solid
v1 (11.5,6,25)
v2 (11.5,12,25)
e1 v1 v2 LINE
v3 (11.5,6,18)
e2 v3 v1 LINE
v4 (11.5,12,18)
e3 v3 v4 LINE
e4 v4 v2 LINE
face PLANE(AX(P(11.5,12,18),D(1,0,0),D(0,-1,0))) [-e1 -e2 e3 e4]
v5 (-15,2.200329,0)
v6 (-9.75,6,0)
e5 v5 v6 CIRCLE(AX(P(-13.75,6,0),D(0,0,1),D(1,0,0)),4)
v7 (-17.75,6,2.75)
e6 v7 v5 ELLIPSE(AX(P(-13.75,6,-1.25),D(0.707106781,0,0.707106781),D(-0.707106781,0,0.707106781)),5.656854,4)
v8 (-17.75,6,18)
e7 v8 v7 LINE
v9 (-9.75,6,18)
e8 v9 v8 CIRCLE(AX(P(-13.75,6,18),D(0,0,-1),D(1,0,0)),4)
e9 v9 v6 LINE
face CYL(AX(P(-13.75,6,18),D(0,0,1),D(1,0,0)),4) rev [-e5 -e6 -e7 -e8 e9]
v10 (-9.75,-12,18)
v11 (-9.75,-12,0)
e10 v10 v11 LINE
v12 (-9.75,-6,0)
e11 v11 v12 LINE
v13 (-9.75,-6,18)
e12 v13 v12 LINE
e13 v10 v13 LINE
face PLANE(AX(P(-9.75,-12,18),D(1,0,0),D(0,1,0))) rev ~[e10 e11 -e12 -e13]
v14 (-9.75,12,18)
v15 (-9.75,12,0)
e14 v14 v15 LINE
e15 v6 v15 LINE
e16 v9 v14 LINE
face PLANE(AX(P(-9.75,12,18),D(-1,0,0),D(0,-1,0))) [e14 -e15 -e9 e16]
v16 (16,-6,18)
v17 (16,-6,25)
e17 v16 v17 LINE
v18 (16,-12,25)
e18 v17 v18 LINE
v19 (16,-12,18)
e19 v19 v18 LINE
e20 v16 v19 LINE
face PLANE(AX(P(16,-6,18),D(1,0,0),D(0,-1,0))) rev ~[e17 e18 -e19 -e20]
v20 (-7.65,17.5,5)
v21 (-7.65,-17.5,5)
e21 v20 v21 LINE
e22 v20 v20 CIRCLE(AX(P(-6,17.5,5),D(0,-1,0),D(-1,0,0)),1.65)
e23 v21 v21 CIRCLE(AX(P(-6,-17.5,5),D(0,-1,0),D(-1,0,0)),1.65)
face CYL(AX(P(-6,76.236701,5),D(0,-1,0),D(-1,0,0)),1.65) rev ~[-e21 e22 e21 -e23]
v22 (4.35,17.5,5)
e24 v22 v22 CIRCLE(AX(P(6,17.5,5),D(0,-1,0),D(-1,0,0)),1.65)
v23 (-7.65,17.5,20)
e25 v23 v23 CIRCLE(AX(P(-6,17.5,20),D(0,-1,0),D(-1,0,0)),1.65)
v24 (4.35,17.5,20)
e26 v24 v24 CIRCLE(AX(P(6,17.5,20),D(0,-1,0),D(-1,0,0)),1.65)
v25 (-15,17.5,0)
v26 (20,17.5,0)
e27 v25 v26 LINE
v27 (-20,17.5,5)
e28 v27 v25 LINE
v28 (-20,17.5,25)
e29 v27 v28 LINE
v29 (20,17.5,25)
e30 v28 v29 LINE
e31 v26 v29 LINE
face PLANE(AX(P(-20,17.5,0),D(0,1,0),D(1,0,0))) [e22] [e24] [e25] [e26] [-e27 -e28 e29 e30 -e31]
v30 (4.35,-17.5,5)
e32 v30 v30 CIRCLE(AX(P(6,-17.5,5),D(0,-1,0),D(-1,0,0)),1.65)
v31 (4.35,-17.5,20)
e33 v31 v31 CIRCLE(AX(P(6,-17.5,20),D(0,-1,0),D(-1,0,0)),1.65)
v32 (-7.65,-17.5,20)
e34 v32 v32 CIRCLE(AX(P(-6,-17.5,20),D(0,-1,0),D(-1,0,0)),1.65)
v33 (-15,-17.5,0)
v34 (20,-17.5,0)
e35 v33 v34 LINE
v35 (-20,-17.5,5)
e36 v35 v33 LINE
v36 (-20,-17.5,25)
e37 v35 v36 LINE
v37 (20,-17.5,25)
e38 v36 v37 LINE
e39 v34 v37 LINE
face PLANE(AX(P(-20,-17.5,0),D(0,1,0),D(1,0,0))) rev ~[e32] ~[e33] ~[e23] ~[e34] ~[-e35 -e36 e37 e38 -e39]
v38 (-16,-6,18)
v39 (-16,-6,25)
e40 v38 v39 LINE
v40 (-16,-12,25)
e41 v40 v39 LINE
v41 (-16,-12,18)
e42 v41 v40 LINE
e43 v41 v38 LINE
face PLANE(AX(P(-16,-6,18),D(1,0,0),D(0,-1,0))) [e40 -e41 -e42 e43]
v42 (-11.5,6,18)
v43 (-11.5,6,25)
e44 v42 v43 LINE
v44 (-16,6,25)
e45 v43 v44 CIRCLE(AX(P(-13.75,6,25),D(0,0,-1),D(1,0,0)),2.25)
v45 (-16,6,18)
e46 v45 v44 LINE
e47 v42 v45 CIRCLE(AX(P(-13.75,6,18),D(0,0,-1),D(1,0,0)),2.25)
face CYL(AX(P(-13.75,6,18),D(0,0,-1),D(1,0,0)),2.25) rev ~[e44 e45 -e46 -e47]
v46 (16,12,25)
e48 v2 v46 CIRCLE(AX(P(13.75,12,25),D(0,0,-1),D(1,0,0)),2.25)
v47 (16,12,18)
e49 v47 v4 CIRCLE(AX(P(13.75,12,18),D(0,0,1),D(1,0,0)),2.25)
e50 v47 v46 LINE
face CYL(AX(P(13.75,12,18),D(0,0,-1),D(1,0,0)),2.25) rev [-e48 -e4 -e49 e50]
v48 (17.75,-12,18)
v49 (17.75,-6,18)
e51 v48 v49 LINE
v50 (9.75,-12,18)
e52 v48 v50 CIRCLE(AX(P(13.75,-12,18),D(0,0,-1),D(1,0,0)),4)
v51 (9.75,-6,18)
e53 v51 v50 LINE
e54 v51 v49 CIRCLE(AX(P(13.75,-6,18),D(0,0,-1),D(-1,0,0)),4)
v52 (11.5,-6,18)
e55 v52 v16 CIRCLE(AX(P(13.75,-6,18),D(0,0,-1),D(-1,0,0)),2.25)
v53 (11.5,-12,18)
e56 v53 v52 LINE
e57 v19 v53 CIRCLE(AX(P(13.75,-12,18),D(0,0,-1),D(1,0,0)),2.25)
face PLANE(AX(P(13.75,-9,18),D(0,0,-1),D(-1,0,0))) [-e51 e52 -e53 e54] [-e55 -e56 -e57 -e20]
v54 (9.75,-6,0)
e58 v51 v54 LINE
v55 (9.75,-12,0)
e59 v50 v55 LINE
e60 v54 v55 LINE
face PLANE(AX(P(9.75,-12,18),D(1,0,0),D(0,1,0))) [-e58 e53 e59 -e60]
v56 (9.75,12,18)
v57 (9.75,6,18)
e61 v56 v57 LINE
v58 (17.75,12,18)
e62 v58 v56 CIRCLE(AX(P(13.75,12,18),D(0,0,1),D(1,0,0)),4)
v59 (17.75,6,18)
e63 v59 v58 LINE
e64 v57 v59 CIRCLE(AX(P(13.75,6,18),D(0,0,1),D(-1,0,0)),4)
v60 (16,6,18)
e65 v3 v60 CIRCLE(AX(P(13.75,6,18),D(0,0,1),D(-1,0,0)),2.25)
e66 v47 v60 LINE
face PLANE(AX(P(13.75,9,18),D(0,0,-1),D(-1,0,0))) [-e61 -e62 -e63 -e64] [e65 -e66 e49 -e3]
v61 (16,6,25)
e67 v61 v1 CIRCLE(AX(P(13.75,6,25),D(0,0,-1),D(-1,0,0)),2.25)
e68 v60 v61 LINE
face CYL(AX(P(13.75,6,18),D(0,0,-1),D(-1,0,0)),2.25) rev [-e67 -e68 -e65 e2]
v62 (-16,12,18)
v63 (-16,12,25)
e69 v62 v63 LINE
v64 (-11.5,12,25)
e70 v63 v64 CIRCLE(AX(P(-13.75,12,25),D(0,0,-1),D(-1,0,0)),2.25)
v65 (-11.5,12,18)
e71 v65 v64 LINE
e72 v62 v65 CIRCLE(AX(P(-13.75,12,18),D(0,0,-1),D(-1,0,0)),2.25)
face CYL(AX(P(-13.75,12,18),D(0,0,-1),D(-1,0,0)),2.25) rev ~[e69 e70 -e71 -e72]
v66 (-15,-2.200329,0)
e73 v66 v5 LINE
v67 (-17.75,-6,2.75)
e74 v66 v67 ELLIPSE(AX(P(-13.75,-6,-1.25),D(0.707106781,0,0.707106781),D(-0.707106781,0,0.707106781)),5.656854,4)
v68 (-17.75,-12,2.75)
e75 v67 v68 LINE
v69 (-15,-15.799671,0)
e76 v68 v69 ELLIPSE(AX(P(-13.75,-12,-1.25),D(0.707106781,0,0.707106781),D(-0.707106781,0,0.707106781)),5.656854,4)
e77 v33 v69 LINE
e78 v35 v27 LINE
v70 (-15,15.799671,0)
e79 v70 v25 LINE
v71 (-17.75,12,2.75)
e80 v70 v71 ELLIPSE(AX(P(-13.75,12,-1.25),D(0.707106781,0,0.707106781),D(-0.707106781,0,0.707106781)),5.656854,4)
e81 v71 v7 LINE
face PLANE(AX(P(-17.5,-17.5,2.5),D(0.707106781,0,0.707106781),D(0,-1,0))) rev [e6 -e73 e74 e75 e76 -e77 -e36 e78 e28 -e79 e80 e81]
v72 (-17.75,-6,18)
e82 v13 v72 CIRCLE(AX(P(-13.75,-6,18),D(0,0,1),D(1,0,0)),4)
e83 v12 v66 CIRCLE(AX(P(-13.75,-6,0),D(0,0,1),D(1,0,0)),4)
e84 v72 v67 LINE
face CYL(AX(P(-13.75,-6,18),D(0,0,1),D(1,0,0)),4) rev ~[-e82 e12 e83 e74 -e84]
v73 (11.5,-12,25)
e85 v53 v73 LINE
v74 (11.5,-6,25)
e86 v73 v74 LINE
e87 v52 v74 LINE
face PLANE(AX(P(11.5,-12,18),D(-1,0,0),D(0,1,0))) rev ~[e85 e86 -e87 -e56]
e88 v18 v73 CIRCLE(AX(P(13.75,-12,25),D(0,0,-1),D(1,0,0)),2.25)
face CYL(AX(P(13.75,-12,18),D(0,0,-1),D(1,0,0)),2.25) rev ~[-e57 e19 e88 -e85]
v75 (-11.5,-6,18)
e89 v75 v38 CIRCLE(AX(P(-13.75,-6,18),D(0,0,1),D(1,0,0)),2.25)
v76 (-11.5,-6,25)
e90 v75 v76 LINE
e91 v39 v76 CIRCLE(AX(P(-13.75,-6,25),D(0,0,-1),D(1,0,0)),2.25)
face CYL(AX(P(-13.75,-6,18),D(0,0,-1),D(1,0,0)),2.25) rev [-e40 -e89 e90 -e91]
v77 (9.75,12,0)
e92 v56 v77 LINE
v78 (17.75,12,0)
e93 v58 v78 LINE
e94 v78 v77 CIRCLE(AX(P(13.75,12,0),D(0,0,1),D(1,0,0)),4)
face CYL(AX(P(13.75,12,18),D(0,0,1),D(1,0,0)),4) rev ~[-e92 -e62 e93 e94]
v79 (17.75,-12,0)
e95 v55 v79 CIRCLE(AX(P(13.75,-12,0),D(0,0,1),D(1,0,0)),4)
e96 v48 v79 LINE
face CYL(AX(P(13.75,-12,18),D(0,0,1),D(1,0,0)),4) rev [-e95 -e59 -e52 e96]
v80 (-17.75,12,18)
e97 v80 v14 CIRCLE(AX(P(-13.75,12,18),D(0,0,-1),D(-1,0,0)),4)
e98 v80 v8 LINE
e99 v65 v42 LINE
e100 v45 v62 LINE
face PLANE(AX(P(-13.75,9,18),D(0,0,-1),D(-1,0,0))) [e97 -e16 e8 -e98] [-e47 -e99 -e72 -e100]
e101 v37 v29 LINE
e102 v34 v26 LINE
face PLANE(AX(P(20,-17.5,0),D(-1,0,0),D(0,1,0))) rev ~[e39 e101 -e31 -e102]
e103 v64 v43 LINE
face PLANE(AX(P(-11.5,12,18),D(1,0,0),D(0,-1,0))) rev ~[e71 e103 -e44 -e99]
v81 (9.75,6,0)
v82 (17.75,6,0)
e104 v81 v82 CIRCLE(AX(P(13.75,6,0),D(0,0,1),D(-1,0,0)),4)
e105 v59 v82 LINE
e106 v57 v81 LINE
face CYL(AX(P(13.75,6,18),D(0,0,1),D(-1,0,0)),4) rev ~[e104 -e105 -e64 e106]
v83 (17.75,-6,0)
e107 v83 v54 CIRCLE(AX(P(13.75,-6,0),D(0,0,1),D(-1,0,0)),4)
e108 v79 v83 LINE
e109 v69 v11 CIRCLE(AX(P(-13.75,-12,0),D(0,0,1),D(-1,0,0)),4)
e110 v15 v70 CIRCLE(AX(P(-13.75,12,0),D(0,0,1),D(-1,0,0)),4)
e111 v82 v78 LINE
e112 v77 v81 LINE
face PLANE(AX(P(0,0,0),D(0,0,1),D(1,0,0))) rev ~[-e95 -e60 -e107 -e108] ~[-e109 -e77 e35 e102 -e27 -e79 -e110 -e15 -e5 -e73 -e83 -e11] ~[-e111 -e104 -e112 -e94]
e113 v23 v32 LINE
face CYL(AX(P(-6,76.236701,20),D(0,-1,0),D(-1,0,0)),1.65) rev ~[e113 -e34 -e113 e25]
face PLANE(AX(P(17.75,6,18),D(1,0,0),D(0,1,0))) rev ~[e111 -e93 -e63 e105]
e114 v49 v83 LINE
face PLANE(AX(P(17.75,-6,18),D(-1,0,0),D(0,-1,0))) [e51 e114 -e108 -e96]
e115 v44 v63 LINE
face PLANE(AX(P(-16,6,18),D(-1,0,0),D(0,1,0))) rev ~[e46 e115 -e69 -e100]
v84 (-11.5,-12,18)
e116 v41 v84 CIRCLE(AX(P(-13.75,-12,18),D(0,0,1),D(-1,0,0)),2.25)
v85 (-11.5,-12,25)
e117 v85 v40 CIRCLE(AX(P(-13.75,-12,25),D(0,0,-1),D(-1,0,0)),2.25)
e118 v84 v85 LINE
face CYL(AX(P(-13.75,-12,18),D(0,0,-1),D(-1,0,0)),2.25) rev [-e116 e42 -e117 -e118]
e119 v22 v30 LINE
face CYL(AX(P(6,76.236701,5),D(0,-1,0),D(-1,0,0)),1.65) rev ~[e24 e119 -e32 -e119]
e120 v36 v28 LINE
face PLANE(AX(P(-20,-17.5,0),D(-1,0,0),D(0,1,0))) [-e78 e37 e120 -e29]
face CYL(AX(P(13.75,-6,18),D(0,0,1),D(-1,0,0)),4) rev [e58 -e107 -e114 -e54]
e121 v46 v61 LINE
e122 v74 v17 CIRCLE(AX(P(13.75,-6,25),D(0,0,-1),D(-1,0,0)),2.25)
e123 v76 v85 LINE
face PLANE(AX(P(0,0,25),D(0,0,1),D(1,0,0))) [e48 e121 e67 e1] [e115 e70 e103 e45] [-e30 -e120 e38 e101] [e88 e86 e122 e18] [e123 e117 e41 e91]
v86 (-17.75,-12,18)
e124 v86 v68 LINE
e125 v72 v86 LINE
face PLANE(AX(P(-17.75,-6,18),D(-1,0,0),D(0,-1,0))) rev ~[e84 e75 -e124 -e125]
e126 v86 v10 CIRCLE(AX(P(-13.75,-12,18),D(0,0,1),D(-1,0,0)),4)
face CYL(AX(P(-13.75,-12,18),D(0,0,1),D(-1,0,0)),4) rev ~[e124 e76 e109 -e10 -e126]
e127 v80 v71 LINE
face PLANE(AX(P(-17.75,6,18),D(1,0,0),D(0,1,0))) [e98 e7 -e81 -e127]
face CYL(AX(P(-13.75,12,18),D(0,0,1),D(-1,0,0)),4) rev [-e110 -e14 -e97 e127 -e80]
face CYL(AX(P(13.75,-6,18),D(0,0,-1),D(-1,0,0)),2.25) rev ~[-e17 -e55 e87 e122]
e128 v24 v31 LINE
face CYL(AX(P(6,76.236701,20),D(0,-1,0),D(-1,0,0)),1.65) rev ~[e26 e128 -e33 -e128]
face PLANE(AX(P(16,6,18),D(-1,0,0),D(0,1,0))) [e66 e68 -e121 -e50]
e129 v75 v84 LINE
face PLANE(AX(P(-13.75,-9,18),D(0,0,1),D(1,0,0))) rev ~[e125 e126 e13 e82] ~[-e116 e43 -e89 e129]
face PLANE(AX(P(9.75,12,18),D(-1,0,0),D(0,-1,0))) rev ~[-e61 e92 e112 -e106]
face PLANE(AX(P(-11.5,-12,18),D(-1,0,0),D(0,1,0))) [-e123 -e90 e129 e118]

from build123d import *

# Parameters (mm, degrees)
SKETCH1_W                                            = 40
SKETCH1_H                                            = 35
BOSS_EXTRUDE1_DEPTH                                  = 25
CHAMFER1_SIZE                                        = 5
CBORE_FOR_M4_HEXAGON_SOCKET_HEAD_CAP_SCR_D           = 4.5
CBORE_FOR_M4_HEXAGON_SOCKET_HEAD_CAP_SCR_CBORE_D     = 8
CBORE_FOR_M4_HEXAGON_SOCKET_HEAD_CAP_SCR_CBORE_DEPTH = 18
CUT_EXTRUDE1_DEPTH                                   = 33.097507691
CUT_EXTRUDE2_DEPTH                                   = 33.097507691
M4_TAPPED_HOLE1_D                                    = 3.3


with BuildPart() as part:
    # Sketch1 → Boss-Extrude1 (new body)
    with BuildSketch(Plane.XY):
        Rectangle(SKETCH1_W, SKETCH1_H)
    extrude(amount=BOSS_EXTRUDE1_DEPTH)

    # Chamfer1
    chamfer1_edges = [part.edges().sort_by_distance(p)[0] for p in [
        (-20, 0, 0),
    ]]
    chamfer(chamfer1_edges, length=CHAMFER1_SIZE)

    # CBORE for M4 Hexagon socket head cap screws1 (through all)
    with Locations(Plane(origin=(0, 0, 0), x_dir=(-1, 0, 0), z_dir=(0, 0, -1))):
        with Locations((-13.75, 9), (-13.75, -9), (13.75, -9), (13.75, 9)):
            CounterBoreHole(CBORE_FOR_M4_HEXAGON_SOCKET_HEAD_CAP_SCR_D / 2, CBORE_FOR_M4_HEXAGON_SOCKET_HEAD_CAP_SCR_CBORE_D / 2, CBORE_FOR_M4_HEXAGON_SOCKET_HEAD_CAP_SCR_CBORE_DEPTH)

    # Sketch5 → Cut-Extrude1 (cut, through all)
    with BuildSketch(Plane(origin=(0, 0, 18), x_dir=(-1, 0, 0), z_dir=(0, 0, -1))):
        with BuildLine():
            Line((-9.75, 12), (-9.75, 6))
            ThreePointArc((-9.75, 6), (-13.75, 2), (-17.75, 6))
            Line((-17.75, 6), (-17.75, 12))
            ThreePointArc((-17.75, 12), (-13.75, 16), (-9.75, 12))
        make_face()
        with BuildLine():
            Line((-9.75, -12), (-9.75, -6))
            ThreePointArc((-9.75, -6), (-13.75, -2), (-17.75, -6))
            Line((-17.75, -6), (-17.75, -12))
            ThreePointArc((-17.75, -12), (-13.75, -16), (-9.75, -12))
        make_face()
        with BuildLine():
            Line((9.75, 12), (9.75, 6))
            ThreePointArc((9.75, 6), (13.75, 2), (17.75, 6))
            Line((17.75, 6), (17.75, 12))
            ThreePointArc((17.75, 12), (13.75, 16), (9.75, 12))
        make_face()
        with BuildLine():
            Line((9.75, -12), (9.75, -6))
            ThreePointArc((9.75, -6), (13.75, -2), (17.75, -6))
            Line((17.75, -6), (17.75, -12))
            ThreePointArc((17.75, -12), (13.75, -16), (9.75, -12))
        make_face()
    extrude(amount=CUT_EXTRUDE1_DEPTH, mode=Mode.SUBTRACT)

    # Sketch6 → Cut-Extrude2 (cut, through all)
    with BuildSketch(Plane(origin=(0, 0, 18), x_dir=(-1, 0, 0), z_dir=(0, 0, -1))):
        with BuildLine():
            Line((-11.5, 12), (-11.5, 6))
            ThreePointArc((-11.5, 6), (-13.75, 3.75), (-16, 6))
            Line((-16, 6), (-16, 12))
            ThreePointArc((-16, 12), (-13.75, 14.25), (-11.5, 12))
        make_face()
        with BuildLine():
            Line((11.5, 12), (11.5, 6))
            ThreePointArc((11.5, 6), (13.75, 3.75), (16, 6))
            Line((16, 6), (16, 12))
            ThreePointArc((16, 12), (13.75, 14.25), (11.5, 12))
        make_face()
        with BuildLine():
            Line((-11.5, -12), (-11.5, -6))
            ThreePointArc((-11.5, -6), (-13.75, -3.75), (-16, -6))
            Line((-16, -6), (-16, -12))
            ThreePointArc((-16, -12), (-13.75, -14.25), (-11.5, -12))
        make_face()
        with BuildLine():
            Line((11.5, -12), (11.5, -6))
            ThreePointArc((11.5, -6), (13.75, -3.75), (16, -6))
            Line((16, -6), (16, -12))
            ThreePointArc((16, -12), (13.75, -14.25), (11.5, -12))
        make_face()
    extrude(amount=-CUT_EXTRUDE2_DEPTH, mode=Mode.SUBTRACT)

    # M4 Tapped Hole1 (through all)
    with Locations(Plane(origin=(0, 17.5, 0), x_dir=(1, 0, 0), z_dir=(0, 1, 0))):
        with Locations((-6, -5), (-6, -20), (6, -20), (6, -5)):
            Hole(M4_TAPPED_HOLE1_D / 2)


solid = part.part
